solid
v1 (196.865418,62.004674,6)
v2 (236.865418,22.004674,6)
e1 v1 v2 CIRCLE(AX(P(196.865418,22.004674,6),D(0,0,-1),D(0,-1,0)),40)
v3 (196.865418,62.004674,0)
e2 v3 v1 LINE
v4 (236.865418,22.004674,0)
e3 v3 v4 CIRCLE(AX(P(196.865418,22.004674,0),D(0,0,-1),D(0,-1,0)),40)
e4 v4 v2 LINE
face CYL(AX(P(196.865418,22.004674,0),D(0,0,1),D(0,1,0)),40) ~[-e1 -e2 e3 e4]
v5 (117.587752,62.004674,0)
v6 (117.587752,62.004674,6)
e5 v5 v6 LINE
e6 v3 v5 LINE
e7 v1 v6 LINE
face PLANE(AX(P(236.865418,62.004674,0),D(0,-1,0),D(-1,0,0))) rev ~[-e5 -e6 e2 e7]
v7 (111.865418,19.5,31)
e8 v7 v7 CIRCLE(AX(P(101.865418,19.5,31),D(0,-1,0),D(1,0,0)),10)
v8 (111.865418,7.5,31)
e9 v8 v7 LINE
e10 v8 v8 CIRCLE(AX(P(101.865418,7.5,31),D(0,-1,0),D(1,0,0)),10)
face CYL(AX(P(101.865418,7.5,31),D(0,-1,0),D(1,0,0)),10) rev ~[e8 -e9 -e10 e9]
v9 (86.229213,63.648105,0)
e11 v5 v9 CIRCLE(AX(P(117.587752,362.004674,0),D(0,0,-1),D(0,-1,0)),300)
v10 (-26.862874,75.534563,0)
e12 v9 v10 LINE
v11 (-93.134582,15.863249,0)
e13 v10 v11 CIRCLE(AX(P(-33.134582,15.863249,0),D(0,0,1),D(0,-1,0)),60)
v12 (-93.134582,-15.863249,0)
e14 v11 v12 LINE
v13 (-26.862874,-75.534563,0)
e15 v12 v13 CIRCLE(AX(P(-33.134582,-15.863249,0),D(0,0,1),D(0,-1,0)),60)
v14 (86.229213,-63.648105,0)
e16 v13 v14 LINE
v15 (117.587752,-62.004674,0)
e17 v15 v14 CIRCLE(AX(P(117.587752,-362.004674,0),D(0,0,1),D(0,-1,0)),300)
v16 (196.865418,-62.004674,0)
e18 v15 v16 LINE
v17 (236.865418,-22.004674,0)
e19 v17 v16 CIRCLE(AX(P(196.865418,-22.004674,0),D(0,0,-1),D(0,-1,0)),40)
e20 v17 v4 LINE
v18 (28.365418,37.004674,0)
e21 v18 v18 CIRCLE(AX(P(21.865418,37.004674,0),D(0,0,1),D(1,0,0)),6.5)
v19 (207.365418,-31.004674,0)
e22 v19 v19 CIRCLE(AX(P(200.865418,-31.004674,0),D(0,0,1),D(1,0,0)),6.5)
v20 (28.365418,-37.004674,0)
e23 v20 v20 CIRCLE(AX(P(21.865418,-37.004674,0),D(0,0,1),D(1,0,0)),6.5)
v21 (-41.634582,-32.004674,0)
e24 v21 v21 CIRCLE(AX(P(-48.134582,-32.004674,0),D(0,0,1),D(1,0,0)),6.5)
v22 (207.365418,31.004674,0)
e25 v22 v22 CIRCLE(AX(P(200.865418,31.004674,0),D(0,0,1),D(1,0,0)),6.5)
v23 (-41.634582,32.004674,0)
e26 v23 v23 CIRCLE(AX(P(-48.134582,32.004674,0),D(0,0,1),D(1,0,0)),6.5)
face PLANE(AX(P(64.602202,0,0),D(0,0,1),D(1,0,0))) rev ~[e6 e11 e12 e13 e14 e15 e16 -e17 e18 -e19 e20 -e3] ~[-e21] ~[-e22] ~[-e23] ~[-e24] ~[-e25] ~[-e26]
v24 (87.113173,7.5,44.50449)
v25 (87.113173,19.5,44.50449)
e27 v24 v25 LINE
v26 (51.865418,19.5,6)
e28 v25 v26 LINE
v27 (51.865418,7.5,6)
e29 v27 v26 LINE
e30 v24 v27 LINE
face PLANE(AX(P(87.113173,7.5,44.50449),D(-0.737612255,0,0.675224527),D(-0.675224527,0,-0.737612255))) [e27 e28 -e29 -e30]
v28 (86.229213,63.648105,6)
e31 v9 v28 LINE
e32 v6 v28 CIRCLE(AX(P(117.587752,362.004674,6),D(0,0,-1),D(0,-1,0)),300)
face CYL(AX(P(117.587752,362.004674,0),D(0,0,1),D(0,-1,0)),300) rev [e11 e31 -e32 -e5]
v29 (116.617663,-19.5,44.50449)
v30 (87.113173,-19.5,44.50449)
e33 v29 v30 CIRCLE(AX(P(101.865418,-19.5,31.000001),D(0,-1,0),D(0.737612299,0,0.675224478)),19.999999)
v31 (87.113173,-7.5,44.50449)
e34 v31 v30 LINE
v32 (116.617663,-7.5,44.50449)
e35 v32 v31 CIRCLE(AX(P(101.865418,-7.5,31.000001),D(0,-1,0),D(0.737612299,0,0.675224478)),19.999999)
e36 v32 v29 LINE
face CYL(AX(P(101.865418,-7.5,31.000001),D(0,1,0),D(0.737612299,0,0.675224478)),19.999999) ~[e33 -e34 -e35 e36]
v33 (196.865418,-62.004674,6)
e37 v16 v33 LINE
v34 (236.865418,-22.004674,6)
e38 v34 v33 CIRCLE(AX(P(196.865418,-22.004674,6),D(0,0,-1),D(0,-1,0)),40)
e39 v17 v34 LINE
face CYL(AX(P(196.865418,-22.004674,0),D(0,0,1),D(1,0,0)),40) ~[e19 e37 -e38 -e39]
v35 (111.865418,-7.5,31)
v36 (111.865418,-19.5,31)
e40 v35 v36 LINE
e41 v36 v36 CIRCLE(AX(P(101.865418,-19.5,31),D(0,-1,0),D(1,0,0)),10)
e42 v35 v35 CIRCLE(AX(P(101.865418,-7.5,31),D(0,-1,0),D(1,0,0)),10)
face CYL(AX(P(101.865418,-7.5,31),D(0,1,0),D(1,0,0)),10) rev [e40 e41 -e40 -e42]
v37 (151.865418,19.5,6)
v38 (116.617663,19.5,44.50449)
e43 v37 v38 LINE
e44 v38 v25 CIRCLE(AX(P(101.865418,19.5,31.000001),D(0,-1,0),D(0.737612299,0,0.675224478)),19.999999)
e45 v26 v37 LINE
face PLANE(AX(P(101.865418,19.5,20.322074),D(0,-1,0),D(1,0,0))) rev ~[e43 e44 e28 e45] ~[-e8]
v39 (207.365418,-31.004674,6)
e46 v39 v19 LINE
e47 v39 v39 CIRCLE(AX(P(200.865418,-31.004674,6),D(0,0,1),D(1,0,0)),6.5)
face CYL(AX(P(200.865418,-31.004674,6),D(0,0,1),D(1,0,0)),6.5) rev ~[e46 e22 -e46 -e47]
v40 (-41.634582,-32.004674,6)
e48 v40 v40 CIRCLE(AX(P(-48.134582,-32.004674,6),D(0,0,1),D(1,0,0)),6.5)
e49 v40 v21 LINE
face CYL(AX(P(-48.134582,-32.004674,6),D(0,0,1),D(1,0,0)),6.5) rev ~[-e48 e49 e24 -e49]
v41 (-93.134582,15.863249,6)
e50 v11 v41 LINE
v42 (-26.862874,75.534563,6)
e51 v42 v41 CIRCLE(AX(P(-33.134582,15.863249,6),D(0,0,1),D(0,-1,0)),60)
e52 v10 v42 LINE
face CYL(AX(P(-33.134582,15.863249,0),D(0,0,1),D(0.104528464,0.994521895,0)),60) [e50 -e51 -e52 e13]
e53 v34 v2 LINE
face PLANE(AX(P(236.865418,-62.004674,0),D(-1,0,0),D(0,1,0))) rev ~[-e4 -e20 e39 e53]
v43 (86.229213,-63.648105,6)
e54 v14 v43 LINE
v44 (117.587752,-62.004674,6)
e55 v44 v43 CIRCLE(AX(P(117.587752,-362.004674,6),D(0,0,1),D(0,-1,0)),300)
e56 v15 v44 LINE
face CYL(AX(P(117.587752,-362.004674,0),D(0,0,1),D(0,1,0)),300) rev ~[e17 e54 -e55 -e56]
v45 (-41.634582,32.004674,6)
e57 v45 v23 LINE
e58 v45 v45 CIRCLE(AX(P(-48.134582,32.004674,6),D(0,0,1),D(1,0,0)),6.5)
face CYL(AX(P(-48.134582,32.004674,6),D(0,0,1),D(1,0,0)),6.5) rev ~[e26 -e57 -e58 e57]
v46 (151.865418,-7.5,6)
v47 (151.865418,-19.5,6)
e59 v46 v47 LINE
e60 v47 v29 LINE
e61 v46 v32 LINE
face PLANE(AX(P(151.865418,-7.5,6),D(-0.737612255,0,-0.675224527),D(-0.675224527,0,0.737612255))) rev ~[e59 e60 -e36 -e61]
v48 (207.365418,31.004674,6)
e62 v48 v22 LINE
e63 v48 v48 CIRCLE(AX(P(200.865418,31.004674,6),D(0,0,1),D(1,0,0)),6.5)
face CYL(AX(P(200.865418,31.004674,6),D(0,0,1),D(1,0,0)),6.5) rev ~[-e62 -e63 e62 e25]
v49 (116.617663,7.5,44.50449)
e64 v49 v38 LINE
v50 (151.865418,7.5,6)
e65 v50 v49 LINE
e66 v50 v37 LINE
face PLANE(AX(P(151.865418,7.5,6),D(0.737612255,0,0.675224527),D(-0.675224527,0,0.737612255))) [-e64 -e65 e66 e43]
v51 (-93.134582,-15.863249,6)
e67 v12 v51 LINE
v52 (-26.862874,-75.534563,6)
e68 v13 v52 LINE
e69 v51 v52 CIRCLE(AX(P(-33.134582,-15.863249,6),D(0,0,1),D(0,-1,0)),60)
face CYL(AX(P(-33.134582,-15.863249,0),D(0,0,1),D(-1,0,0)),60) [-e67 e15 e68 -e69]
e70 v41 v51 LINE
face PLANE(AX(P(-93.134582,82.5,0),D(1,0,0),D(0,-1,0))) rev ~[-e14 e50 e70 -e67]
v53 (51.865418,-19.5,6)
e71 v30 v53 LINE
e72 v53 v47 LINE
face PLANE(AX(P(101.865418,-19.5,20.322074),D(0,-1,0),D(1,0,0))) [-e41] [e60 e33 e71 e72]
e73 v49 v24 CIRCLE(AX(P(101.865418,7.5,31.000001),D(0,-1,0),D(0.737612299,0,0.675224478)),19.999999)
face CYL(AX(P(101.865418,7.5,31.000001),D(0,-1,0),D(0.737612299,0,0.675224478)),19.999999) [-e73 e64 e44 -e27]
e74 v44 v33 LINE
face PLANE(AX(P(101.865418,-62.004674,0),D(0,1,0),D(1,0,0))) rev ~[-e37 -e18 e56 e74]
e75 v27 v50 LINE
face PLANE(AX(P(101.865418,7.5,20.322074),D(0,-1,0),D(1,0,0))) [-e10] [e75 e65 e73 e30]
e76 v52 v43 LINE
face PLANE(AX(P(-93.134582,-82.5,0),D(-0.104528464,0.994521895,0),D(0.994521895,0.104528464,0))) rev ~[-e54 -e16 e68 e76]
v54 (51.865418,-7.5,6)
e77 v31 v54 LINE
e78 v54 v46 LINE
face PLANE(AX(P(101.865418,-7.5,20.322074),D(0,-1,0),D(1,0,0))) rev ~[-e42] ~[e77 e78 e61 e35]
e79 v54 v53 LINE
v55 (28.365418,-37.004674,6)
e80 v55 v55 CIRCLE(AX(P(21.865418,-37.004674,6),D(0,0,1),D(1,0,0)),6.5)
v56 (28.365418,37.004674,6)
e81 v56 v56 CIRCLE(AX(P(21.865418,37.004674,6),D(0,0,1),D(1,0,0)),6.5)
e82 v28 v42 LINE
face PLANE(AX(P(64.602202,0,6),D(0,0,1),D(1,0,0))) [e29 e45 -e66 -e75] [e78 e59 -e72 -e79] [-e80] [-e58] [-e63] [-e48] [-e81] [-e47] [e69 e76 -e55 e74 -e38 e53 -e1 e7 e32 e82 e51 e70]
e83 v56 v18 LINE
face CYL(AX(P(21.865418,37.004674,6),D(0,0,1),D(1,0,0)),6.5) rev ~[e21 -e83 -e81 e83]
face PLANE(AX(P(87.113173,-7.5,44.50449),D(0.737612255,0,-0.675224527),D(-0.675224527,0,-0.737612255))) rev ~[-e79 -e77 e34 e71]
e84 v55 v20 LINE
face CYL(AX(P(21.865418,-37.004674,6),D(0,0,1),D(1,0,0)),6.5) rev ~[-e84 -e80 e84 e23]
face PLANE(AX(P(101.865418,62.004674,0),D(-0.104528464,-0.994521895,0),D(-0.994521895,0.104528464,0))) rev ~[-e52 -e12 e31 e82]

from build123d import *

# Parameters (mm, degrees)
F1_DEPTH  = 6
F2_R      = 60
F3_R      = 40
F4_R      = 300
F8_R      = 10
F10_DEPTH = 12
F9_R      = 10
F11_DEPTH = 12
F12_R     = 6.5
F13_DEPTH = 25


with BuildPart() as f1:
    # F0 (on Top) → F1 (new body)
    with BuildSketch(Plane.XY):
        Polygon((101.865418, 62.004674), (-93.134582, 82.5), (-93.134582, -82.5), (101.865418, -62.004674), (236.865418, -62.004674), (236.865418, 62.004674), align=None)
    extrude(amount=F1_DEPTH)

    # F2
    f2_edges = [f1.edges().sort_by_distance(p)[0] for p in [
        (-93.134582, -82.5, 3),
        (-93.134582, 82.5, 3),
    ]]
    fillet(f2_edges, radius=F2_R)

    # F3
    f3_edges = [f1.edges().sort_by_distance(p)[0] for p in [
        (236.865418, -62.004674, 3),
        (236.865418, 62.004674, 3),
    ]]
    fillet(f3_edges, radius=F3_R)

    # F4
    f4_edges = [f1.edges().sort_by_distance(p)[0] for p in [
        (101.865418, -62.004674, 3),
        (101.865418, 62.004674, 3),
    ]]
    fillet(f4_edges, radius=F4_R)

    # F8 (on offset) → F10 (join)
    with BuildSketch(Plane.XZ.offset(-7.5)):
        with BuildLine():
            Line((151.865418, 6), (116.617663, 44.50449))
            ThreePointArc((116.617663, 44.50449), (101.865418, 51), (87.113173, 44.50449))
            Line((87.113173, 44.50449), (51.865418, 6))
            Line((51.865418, 6), (86.229213, 6))
            Line((86.229213, 6), (151.865418, 6))
        make_face()
        with Locations((101.865418, 31)):
            Circle(F8_R, mode=Mode.SUBTRACT)
    extrude(amount=-F10_DEPTH)

    # F9 (on offset) → F11 (join)
    with BuildSketch(Plane.XZ.offset(7.5)):
        with BuildLine():
            Line((151.865418, 6), (116.617663, 44.50449))
            ThreePointArc((116.617663, 44.50449), (101.865418, 51), (87.113173, 44.50449))
            Line((87.113173, 44.50449), (51.865418, 6))
            Line((51.865418, 6), (86.229213, 6))
            Line((86.229213, 6), (151.865418, 6))
        make_face()
        with Locations((101.865418, 31)):
            Circle(F9_R, mode=Mode.SUBTRACT)
    extrude(amount=F11_DEPTH)

    # F12 (on face) → F13 (cut)
    with BuildSketch(Plane.XY.offset(6)):
        with Locations((200.865418, 31.004674)):
            Circle(F12_R)
        with Locations((200.865418, -31.004674)):
            Circle(F12_R)
        with Locations((21.865418, 37.004674)):
            Circle(F12_R)
        with Locations((-48.134582, 32.004674)):
            Circle(F12_R)
        with Locations((-48.134582, -32.004674)):
            Circle(F12_R)
        with Locations((21.865418, -37.004674)):
            Circle(F12_R)
    extrude(amount=-F13_DEPTH, mode=Mode.SUBTRACT)


solid = f1.part
